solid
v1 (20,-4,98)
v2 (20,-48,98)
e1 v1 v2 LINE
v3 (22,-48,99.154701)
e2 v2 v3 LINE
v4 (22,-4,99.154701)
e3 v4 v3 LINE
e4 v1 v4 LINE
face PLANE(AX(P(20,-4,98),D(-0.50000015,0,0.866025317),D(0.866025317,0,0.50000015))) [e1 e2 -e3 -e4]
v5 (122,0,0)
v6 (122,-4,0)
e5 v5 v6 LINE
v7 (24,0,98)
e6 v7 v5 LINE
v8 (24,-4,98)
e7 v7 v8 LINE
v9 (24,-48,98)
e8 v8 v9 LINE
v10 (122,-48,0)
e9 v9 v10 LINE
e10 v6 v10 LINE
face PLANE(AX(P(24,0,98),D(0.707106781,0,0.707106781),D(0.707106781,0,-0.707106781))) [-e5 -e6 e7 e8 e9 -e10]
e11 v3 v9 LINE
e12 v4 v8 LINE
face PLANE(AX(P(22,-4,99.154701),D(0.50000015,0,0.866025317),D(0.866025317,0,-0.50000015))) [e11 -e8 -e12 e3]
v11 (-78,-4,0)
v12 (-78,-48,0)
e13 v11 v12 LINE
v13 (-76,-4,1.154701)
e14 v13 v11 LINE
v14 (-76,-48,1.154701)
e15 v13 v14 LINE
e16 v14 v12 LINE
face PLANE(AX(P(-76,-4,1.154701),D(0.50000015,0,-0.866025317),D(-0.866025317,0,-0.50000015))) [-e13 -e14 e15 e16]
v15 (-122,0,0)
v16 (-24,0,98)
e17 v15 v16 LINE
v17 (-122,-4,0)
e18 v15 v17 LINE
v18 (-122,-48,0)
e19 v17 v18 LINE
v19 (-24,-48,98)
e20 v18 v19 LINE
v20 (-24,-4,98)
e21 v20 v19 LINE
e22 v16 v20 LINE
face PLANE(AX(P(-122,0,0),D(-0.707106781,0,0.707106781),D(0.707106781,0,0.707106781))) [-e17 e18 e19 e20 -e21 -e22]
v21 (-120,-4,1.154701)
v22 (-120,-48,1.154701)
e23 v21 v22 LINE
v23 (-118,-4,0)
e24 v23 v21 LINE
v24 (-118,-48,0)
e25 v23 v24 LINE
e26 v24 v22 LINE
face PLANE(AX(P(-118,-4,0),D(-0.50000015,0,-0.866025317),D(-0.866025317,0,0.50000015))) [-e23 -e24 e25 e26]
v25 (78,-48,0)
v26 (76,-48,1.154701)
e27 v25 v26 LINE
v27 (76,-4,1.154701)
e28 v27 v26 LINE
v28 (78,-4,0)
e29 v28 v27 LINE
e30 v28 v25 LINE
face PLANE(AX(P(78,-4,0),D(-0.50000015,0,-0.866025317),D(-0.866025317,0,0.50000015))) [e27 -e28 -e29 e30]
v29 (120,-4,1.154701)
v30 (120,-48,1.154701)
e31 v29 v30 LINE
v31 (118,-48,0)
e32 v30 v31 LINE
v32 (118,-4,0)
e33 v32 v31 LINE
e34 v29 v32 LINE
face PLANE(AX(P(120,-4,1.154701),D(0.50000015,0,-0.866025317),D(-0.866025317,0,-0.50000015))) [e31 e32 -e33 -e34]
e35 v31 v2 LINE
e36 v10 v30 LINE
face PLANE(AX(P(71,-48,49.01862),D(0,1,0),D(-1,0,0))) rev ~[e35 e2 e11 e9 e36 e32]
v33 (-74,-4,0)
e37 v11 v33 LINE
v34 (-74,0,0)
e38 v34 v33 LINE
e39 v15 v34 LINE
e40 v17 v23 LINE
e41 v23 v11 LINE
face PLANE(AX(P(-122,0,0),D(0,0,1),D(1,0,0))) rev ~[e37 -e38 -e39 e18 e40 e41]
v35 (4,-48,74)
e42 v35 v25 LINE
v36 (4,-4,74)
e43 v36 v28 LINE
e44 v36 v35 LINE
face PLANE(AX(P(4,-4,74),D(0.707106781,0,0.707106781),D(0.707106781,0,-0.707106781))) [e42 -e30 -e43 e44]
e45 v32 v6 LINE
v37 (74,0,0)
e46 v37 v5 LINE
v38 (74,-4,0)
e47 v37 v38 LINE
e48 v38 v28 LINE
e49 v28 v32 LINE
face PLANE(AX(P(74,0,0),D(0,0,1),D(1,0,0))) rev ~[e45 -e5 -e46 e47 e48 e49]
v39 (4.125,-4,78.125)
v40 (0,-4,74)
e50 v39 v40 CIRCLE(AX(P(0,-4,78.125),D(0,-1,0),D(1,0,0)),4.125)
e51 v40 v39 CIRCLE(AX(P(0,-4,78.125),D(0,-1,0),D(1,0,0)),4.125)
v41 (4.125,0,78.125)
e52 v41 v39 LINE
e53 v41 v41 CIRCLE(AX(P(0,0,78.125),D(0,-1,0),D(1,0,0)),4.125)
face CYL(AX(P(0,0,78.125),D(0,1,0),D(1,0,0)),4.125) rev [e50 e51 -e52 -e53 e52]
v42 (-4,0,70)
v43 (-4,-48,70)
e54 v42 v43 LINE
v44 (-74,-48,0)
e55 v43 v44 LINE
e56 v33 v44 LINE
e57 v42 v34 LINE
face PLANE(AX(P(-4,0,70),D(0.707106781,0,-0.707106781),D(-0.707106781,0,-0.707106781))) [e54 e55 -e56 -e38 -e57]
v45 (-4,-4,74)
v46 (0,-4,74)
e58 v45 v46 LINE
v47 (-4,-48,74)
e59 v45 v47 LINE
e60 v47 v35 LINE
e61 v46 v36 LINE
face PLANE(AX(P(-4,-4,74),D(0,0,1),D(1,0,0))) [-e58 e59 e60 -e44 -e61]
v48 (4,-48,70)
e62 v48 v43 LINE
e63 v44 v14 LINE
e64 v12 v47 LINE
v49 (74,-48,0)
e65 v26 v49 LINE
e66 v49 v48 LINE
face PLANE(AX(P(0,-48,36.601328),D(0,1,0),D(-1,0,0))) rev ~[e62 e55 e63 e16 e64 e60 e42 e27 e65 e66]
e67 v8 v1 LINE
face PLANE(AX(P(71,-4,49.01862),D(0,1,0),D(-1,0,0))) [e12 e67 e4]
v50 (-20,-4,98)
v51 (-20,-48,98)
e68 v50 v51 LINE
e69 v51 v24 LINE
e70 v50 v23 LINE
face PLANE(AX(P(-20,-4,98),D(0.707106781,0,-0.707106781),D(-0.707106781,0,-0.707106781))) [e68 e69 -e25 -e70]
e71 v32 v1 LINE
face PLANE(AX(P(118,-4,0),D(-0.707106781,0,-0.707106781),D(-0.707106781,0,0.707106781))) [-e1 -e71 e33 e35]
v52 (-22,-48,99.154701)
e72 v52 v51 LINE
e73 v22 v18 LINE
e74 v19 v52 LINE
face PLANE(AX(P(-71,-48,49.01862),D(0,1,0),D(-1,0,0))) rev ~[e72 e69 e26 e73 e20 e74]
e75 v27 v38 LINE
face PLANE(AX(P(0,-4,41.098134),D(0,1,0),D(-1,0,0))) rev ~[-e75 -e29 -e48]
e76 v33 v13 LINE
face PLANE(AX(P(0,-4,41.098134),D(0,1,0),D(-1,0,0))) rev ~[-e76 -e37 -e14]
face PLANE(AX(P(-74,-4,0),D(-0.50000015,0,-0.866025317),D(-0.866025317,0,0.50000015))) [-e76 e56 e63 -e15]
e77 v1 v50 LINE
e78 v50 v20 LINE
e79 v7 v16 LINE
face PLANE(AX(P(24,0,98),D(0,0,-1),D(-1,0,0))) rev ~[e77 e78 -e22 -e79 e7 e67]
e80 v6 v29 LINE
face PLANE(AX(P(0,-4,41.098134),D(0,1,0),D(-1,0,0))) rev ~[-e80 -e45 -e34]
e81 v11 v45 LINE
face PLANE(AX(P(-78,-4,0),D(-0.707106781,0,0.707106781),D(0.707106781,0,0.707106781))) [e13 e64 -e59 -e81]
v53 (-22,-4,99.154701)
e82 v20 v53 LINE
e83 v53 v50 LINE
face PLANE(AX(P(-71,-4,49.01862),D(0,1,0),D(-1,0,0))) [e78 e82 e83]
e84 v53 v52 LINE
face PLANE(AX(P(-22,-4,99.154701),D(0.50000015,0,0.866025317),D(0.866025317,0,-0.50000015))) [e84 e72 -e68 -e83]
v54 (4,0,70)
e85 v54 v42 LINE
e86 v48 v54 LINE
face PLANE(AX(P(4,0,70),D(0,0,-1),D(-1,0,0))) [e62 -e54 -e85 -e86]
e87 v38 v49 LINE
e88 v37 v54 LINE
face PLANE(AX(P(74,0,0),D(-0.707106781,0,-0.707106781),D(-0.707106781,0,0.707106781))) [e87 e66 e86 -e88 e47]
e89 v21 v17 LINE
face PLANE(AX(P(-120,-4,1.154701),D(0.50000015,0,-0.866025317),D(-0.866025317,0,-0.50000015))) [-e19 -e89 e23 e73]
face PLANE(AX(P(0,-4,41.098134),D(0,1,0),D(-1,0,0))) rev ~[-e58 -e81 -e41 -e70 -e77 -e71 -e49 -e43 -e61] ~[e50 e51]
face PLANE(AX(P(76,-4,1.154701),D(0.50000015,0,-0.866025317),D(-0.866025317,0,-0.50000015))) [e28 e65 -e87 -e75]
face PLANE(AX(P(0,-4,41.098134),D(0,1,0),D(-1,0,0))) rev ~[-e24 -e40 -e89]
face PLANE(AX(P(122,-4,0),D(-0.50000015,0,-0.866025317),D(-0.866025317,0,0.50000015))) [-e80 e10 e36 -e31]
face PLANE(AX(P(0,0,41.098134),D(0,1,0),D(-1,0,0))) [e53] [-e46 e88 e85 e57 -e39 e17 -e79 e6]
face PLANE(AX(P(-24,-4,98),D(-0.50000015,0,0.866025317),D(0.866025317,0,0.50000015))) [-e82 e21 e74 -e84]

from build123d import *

# Parameters (mm, degrees)
SKETCH007_R      = 4.125
EXTRUDE009_DEPTH = 4
EXTRUDE008_DEPTH = 44


with BuildPart() as extrude009:
    # Sketch007 → Extrude009 (new body)
    with BuildSketch(Plane.XZ):
        Polygon((-24, 98), (-20, 98), (20, 98), (24, 98), (122, 0), (118, 0), (78, 0), (74, 0), (4, 70), (-4, 70), (-74, 0), (-78, 0), (-118, 0), (-122, 0), align=None)
        with Locations((0, 78.125)):
            Circle(SKETCH007_R, mode=Mode.SUBTRACT)
    extrude(amount=EXTRUDE009_DEPTH)


with BuildPart() as stage_2_paths:
    # Sketch006 → Extrude008 (new body)
    with BuildSketch(Plane.XZ):
        Polygon((-20, 98), (-118, 0), (-120, 1.154701), (-122, 0), (-24, 98), (-22, 99.154701), align=None)
        Polygon((118, 0), (20, 98), (22, 99.154701), (24, 98), (122, 0), (120, 1.154701), align=None)
        Polygon((-4, 70), (-74, 0), (-76, 1.154701), (-78, 0), (-4, 74), (4, 74), (78, 0), (76, 1.154701), (74, 0), (4, 70), align=None)
    extrude(amount=EXTRUDE008_DEPTH)


with BuildPart() as stage_2_paths_1:
    # Extrude008 placement: moved
    add(stage_2_paths.part.moved(Location((0, -4, 0))))

    # Fusion002: union Extrude009
    add(extrude009.part)


solid = stage_2_paths_1.part
